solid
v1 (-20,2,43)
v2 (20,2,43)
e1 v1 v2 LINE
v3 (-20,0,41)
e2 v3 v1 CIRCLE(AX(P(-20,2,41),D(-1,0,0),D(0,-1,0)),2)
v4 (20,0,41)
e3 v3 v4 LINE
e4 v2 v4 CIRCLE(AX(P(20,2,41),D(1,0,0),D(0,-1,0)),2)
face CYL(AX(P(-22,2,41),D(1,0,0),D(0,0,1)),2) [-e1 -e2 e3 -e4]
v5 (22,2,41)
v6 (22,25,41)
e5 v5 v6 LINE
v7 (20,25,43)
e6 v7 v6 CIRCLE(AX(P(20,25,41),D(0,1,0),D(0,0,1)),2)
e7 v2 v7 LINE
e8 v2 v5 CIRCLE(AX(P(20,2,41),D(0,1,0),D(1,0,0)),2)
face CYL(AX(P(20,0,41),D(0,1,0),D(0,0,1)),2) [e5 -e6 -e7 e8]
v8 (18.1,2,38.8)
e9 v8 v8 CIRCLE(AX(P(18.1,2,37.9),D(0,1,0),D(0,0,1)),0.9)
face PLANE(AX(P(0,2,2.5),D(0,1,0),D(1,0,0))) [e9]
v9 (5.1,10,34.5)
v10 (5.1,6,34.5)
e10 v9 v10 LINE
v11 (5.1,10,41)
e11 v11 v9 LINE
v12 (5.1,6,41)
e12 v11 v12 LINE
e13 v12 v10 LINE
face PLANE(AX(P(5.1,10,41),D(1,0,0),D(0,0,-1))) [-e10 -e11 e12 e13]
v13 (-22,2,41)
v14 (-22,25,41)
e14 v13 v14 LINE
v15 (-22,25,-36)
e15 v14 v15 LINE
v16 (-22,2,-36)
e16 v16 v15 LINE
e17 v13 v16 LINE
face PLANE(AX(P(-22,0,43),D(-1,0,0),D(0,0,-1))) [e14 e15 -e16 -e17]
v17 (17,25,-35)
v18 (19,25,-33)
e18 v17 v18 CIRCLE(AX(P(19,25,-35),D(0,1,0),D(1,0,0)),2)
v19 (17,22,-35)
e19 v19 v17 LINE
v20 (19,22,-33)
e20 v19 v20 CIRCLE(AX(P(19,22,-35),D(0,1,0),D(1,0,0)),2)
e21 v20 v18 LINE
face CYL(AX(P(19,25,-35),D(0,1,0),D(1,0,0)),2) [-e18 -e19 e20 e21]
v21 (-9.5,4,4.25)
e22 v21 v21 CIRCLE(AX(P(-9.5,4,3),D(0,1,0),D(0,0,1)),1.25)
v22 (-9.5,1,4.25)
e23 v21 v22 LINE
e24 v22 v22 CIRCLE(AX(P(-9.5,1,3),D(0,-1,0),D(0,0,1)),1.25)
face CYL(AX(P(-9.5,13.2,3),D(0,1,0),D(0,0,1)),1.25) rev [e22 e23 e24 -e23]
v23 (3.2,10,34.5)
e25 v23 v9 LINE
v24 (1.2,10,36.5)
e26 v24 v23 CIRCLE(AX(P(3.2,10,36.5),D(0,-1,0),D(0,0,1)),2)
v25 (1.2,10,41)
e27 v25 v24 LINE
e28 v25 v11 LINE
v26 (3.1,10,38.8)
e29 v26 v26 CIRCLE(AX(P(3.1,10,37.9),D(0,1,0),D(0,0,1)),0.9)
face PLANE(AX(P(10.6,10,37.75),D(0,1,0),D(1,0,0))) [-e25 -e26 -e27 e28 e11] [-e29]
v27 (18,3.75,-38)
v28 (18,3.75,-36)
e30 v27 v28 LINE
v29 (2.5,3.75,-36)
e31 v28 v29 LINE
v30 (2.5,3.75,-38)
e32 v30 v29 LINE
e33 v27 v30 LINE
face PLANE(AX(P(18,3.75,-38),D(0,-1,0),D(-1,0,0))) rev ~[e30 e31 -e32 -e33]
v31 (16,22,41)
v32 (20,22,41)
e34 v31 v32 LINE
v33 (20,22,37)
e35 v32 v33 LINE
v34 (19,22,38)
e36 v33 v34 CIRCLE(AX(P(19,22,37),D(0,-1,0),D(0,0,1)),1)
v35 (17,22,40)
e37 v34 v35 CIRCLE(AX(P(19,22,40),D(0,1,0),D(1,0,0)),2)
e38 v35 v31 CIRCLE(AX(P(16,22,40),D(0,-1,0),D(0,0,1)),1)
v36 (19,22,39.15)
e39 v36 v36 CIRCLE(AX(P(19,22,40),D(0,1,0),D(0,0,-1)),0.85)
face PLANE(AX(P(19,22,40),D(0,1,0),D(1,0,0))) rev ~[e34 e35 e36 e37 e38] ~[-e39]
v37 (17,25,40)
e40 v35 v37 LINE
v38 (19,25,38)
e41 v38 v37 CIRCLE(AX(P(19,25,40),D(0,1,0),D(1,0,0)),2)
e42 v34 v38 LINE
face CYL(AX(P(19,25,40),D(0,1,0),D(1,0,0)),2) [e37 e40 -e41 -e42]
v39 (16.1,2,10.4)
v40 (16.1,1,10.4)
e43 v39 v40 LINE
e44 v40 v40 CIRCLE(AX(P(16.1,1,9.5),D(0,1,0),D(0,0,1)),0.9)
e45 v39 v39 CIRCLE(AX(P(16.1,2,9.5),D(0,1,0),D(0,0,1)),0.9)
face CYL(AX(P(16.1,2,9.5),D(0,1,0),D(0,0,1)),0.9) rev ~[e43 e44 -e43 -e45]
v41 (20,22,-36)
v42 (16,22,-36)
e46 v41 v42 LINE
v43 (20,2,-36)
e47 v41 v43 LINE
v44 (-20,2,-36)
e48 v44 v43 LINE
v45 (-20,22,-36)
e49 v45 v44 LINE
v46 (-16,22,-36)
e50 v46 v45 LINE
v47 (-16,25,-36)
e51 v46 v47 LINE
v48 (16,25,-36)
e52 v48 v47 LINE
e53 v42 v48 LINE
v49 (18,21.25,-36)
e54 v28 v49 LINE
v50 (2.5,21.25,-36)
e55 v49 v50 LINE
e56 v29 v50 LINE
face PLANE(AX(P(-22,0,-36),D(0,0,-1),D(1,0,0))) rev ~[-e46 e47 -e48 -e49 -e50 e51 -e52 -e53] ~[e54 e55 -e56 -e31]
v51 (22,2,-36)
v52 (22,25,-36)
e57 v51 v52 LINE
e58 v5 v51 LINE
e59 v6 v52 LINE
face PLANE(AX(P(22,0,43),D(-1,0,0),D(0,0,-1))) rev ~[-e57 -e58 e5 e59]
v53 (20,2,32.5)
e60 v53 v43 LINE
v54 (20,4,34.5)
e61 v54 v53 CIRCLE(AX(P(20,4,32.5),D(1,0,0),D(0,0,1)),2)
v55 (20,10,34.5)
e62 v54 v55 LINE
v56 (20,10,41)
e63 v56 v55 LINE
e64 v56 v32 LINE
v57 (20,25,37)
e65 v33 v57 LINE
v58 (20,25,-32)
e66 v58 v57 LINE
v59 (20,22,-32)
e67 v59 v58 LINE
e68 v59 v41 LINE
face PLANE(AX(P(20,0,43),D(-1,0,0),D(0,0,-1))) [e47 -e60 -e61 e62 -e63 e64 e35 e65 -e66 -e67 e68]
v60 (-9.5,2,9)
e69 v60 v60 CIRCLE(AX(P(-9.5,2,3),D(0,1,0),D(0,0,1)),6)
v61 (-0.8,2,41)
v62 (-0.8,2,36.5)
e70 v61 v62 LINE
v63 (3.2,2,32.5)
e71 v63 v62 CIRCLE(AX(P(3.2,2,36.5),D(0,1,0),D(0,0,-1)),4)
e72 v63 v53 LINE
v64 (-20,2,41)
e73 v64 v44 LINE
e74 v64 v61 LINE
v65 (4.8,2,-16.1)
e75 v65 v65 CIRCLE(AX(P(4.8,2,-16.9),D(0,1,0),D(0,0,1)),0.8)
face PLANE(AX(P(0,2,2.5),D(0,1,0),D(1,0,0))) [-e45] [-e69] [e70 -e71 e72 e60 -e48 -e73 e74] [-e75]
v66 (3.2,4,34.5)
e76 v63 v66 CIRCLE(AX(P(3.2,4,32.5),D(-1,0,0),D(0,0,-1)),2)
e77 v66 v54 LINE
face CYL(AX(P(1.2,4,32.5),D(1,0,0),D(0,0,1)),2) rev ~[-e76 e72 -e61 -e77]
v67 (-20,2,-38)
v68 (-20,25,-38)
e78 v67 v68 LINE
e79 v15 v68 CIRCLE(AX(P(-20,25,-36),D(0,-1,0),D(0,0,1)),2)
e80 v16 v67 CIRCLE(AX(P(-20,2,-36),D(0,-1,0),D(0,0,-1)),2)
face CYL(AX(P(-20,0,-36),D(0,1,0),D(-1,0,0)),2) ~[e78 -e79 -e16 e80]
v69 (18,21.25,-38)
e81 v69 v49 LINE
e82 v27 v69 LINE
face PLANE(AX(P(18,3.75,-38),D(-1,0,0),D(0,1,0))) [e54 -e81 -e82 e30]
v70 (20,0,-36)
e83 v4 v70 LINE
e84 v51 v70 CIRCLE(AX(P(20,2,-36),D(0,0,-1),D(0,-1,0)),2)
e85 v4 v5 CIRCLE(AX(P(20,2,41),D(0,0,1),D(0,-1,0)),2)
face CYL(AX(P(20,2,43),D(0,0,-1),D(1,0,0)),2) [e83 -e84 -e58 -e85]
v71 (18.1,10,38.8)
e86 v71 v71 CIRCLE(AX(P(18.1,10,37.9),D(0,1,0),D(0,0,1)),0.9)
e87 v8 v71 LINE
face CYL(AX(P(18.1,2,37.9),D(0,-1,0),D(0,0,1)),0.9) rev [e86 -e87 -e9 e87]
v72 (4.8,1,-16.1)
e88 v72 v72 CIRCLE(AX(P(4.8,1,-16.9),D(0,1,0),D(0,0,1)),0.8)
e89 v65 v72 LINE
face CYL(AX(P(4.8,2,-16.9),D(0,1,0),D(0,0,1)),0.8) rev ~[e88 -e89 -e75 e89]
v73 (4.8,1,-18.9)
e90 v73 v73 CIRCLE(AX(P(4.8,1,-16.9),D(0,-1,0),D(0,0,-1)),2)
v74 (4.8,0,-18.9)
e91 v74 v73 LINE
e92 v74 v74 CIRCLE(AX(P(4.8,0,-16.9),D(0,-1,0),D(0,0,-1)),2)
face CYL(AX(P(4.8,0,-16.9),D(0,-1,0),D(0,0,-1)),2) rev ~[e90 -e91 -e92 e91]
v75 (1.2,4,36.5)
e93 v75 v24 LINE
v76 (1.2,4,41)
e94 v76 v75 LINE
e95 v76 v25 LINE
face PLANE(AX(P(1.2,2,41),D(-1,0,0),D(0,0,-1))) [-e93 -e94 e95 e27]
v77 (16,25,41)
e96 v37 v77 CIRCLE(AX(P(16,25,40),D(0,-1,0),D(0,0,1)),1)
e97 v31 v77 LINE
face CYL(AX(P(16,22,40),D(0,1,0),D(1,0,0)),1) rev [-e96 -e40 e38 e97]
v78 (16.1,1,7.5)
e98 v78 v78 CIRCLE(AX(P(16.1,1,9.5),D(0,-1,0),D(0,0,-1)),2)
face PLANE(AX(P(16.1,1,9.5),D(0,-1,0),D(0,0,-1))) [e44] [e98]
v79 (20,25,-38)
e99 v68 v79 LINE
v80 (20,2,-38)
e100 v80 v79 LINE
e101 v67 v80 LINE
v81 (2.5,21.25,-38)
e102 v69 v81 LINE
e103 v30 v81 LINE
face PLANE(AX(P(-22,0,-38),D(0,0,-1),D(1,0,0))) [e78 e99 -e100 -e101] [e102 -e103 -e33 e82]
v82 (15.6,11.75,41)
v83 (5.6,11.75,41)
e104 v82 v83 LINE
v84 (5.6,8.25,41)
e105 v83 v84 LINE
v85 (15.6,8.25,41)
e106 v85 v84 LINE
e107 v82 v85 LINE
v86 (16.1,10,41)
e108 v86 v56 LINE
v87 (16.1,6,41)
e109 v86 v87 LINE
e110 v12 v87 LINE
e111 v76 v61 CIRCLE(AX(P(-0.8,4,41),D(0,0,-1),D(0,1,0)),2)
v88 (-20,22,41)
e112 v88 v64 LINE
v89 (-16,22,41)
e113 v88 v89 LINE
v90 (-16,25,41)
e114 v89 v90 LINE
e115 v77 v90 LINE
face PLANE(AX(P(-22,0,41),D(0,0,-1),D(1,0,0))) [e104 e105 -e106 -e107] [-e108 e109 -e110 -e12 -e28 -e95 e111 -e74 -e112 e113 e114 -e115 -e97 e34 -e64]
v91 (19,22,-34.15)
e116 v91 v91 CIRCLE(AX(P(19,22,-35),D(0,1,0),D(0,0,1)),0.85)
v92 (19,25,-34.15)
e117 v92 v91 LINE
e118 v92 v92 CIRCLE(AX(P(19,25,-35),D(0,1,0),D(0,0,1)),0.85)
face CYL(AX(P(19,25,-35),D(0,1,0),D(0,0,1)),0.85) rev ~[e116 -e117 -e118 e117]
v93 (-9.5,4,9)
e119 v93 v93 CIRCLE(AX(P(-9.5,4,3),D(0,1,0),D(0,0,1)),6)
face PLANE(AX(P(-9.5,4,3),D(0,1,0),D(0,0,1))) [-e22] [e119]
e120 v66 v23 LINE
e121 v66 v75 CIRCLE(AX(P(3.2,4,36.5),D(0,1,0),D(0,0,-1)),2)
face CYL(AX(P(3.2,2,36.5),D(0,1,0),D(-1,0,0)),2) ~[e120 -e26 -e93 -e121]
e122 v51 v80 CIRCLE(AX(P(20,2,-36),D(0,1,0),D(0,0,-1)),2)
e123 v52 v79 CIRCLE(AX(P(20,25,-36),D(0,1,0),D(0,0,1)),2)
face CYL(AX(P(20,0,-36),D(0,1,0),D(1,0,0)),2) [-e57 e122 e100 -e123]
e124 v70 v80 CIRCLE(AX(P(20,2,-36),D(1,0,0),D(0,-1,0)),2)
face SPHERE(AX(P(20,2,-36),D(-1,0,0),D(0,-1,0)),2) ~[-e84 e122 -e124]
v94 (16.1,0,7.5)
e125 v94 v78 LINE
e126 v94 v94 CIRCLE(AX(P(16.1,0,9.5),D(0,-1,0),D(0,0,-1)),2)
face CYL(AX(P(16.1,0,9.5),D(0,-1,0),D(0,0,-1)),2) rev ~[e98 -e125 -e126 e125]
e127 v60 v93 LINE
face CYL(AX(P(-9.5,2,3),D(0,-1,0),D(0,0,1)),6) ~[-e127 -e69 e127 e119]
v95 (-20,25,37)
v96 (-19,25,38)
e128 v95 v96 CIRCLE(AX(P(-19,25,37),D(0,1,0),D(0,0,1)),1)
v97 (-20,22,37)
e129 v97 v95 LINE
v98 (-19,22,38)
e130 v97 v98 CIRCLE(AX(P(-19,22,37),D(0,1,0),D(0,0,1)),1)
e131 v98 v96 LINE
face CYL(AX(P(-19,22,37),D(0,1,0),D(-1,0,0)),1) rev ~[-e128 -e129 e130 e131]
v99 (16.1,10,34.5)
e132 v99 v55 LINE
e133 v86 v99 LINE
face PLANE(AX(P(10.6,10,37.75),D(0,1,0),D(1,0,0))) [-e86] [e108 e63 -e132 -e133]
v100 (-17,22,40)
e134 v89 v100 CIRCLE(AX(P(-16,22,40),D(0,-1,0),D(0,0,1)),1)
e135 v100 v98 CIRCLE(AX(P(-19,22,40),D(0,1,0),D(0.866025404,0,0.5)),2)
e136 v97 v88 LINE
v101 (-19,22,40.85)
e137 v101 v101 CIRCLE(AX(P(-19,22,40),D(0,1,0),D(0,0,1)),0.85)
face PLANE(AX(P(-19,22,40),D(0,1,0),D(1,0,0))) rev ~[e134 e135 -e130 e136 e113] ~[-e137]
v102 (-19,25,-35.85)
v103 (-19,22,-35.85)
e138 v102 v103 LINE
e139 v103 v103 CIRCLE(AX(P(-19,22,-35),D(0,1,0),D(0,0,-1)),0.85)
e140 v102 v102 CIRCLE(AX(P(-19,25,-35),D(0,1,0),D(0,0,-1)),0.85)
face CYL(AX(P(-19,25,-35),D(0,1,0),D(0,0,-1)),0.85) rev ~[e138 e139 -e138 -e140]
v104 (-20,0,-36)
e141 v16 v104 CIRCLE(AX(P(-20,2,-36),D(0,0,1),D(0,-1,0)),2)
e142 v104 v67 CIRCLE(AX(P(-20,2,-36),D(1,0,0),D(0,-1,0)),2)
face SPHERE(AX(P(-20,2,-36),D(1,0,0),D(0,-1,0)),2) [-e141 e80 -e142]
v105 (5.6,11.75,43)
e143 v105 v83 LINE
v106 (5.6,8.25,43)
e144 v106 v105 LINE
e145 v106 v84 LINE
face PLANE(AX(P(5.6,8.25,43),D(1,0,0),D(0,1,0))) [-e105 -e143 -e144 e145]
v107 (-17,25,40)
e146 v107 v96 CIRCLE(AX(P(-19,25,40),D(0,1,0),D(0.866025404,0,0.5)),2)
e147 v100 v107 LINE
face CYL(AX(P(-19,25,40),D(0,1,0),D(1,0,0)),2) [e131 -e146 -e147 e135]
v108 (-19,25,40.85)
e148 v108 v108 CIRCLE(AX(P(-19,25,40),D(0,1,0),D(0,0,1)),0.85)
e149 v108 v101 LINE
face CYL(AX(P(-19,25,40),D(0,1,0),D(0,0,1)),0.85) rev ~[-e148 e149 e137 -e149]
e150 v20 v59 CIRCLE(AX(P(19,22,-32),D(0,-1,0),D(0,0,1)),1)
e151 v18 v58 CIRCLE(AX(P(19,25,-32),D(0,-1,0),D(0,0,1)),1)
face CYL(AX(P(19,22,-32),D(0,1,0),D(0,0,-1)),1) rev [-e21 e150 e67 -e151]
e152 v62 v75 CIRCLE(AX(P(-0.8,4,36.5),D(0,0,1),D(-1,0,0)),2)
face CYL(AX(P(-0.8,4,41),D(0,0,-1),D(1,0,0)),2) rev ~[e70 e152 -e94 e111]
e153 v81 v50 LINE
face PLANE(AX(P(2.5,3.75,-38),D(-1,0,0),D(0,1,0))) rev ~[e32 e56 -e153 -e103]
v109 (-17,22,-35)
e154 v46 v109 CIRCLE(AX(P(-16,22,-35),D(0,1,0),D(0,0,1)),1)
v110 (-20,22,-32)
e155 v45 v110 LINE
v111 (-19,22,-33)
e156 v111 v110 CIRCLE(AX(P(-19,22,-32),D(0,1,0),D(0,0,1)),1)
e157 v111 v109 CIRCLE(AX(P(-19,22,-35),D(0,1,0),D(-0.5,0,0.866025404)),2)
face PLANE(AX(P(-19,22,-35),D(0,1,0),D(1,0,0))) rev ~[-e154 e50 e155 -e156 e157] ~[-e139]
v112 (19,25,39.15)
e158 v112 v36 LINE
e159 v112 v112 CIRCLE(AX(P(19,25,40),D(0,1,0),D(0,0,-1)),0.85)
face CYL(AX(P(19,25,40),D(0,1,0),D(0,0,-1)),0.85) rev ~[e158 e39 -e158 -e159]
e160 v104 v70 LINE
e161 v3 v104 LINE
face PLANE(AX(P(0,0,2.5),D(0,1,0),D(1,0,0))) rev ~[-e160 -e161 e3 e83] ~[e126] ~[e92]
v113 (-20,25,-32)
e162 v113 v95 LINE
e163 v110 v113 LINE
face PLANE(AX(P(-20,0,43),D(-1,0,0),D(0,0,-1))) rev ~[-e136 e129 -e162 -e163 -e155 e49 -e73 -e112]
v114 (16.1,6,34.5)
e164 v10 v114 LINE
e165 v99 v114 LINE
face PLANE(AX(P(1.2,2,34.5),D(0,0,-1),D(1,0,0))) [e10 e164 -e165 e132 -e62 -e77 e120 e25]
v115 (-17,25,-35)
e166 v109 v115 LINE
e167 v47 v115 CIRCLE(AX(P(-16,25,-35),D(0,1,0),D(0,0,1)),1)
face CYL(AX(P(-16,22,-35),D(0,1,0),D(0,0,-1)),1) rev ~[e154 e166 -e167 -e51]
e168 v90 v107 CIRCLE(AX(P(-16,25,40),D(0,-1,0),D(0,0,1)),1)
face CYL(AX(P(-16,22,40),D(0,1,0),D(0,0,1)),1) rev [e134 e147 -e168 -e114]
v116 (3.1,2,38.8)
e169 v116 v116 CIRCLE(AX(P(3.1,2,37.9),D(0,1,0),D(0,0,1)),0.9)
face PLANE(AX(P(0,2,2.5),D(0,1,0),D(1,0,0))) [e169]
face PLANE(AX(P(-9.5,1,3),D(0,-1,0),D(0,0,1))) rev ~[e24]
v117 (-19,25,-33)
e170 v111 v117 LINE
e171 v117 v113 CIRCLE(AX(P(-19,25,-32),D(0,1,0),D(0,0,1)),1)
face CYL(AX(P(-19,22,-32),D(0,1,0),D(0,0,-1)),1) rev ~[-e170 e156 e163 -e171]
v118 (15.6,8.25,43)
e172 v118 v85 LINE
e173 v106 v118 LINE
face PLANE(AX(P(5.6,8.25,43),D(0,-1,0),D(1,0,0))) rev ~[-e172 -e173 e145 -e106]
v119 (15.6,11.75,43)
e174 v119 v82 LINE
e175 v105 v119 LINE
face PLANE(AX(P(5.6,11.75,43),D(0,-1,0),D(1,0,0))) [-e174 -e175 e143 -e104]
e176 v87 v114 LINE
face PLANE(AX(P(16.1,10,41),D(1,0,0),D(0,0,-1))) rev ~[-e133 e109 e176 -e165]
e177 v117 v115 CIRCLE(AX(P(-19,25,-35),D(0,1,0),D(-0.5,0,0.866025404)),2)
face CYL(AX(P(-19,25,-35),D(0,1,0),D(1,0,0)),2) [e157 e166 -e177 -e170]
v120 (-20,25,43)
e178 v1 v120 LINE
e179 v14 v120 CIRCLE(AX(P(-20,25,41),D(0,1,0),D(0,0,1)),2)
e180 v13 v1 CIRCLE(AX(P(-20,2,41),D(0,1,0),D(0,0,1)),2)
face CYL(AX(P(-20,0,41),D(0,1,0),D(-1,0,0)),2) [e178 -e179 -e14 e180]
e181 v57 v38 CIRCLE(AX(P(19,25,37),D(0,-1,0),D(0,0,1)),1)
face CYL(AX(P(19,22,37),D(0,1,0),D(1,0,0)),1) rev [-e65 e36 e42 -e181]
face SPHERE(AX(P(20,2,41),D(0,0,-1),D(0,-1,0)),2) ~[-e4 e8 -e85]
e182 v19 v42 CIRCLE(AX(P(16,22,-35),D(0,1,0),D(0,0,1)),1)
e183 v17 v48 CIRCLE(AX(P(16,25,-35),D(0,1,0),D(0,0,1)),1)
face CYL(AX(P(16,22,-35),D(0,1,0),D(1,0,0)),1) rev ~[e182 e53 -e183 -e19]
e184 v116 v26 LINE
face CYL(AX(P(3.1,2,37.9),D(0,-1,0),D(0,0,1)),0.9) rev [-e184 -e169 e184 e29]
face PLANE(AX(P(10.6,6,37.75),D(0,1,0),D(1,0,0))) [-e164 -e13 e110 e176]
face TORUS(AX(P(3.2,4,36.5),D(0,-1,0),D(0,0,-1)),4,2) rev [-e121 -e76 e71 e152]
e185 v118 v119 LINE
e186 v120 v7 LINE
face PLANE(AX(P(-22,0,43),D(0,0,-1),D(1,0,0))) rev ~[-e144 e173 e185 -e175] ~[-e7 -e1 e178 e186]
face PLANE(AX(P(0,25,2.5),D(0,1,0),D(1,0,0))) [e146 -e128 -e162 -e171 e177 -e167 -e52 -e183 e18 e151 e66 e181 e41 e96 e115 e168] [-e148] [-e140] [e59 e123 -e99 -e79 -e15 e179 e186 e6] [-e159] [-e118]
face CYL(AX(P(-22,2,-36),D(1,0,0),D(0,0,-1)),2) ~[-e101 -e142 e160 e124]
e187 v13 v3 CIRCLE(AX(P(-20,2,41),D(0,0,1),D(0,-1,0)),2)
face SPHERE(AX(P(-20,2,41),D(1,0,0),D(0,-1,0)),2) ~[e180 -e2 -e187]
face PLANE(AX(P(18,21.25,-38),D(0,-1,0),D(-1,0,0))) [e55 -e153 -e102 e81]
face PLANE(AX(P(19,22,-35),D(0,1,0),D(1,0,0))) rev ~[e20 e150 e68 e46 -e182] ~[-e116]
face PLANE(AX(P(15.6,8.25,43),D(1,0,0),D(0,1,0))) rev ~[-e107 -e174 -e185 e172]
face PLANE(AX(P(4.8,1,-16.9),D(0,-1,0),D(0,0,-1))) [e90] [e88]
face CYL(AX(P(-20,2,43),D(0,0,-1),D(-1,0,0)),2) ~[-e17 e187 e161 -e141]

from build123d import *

# Parameters (mm, degrees)
SKETCH_1_W           = 44
SKETCH_1_H           = 81
EXTRUDE_1_DEPTH      = 25
SHELL_1_T            = -2
FILLET_1_R           = 2
SKETCH_2_R           = 0.8
SKETCH_2_R_2         = 0.9
CUT_EXTRUDE_1_DEPTH  = 24
SKETCH_3_R           = 1.25
CUT_EXTRUDE_2_DEPTH  = 24
SKETCH_4_R           = 6
EXTRUDE_2_DEPTH      = 2
CUT_EXTRUDE_START    = -13.2
SKETCH_6_R           = 1.25
CUT_EXTRUDE_4_DEPTH  = 13.2
SKETCH_7_W           = 15.5
SKETCH_7_H           = 17.5
CUT_EXTRUDE_5_DEPTH  = 13.2
SKETCH_9_W           = 18.8
SKETCH_9_H           = 6.5
SKETCH_9_R           = 0.9
EXTRUDE_3_DEPTH      = 8
SKETCH_11_W          = 11
SKETCH_11_H          = 6.5
CUT_EXTRUDE_6_DEPTH  = 4
SKETCH_12_W          = 10
SKETCH_12_H          = 3.5
CUT_EXTRUDE_7_DEPTH  = 4
FILLET_2_R           = 2
EXTRUDE_START        = -1
SKETCH_14_R          = 1.25
EXTRUDE_4_DEPTH      = 1
SKETCH_15_R          = 2
CUT_EXTRUDE_8_DEPTH  = 1
SKETCH_17_R          = 2
EXTRUDE_5_DEPTH      = 3
SKETCH_18_R          = 0.85
CUT_EXTRUDE_10_DEPTH = 3
FILLET_4_R           = 1


with BuildPart() as part:
    # 草图1 → 凸台-拉伸1 (new body)
    with BuildSketch(Plane(origin=(0, 0, 0), x_dir=(1, 0, 0), z_dir=(0, 1, 0))):
        with Locations((0, -2.5)):
            Rectangle(SKETCH_1_W, SKETCH_1_H)
    extrude(amount=EXTRUDE_1_DEPTH)

    # 抽壳1
    shell_1_openings = [part.faces().sort_by_distance(p)[0] for p in [
        (0, 25, 2.5),
    ]]
    offset(amount=SHELL_1_T, openings=shell_1_openings, kind=Kind.INTERSECTION)

    # 圆角1
    fillet_1_edges = [part.edges().sort_by_distance(p)[0] for p in [
        (0, 0, -38),
        (22, 0, 2.5),
        (0, 0, 43),
        (-22, 0, 2.5),
        (-22, 12.5, -38),
        (22, 12.5, -38),
        (22, 12.5, 43),
        (-22, 12.5, 43),
    ]]
    fillet(fillet_1_edges, radius=FILLET_1_R)

    # 草图2 → 切除-拉伸1 (cut)
    with BuildSketch(Plane(origin=(0, 2, 0), x_dir=(1, 0, 0), z_dir=(0, 1, 0))):
        with Locations(Location((4.8, 16.9, 0), (0, 0, 270))):
            Circle(SKETCH_2_R)
        with Locations(Location((16.1, -9.5, 0), (0, 0, 270))):
            Circle(SKETCH_2_R_2)
    extrude(amount=-CUT_EXTRUDE_1_DEPTH, mode=Mode.SUBTRACT)

    # 草图3 → 切除-拉伸2 (cut)
    with BuildSketch(Plane(origin=(0, 2, 0), x_dir=(1, 0, 0), z_dir=(0, 1, 0))):
        with Locations(Location((-9.5, -3, 0), (0, 0, 270))):
            Circle(SKETCH_3_R)
    extrude(amount=-CUT_EXTRUDE_2_DEPTH, mode=Mode.SUBTRACT)

    # 草图4 → 凸台-拉伸2 (add)
    with BuildSketch(Plane(origin=(0, 2, 0), x_dir=(1, 0, 0), z_dir=(0, 1, 0))):
        with Locations(Location((-9.5, -3, 0), (0, 0, 270))):
            Circle(SKETCH_4_R)
    extrude(amount=EXTRUDE_2_DEPTH)

    # 草图6 → 切除-拉伸4 (cut)
    with BuildSketch(Plane.XZ.offset(CUT_EXTRUDE_START)):
        with Locations(Location((-9.5, 3, 0), (0, 0, 90))):
            Circle(SKETCH_6_R)
    extrude(amount=CUT_EXTRUDE_4_DEPTH, mode=Mode.SUBTRACT)

    # 草图7 → 切除-拉伸5 (cut)
    with BuildSketch(Plane(origin=(0, 0, -38), x_dir=(-1, 0, 0), z_dir=(0, 0, -1))):
        with Locations((-10.25, 12.5)):
            Rectangle(SKETCH_7_W, SKETCH_7_H)
    extrude(amount=-CUT_EXTRUDE_5_DEPTH, mode=Mode.SUBTRACT)

    # 草图9 → 凸台-拉伸3 (add)
    with BuildSketch(Plane(origin=(0, 2, 0), x_dir=(1, 0, 0), z_dir=(0, 1, 0))):
        with Locations((10.6, -37.75)):
            Rectangle(SKETCH_9_W, SKETCH_9_H)
        with Locations(Location((18.1, -37.9, 0), (0, 0, 270))):
            Circle(SKETCH_9_R, mode=Mode.SUBTRACT)
        with Locations(Location((3.1, -37.9, 0), (0, 0, 270))):
            Circle(SKETCH_9_R, mode=Mode.SUBTRACT)
    extrude(amount=EXTRUDE_3_DEPTH)

    # 草图11 → 切除-拉伸6 (cut)
    with BuildSketch(Plane(origin=(0, 10, 0), x_dir=(1, 0, 0), z_dir=(0, 1, 0))):
        with Locations((10.6, -37.75)):
            Rectangle(SKETCH_11_W, SKETCH_11_H)
    extrude(amount=-CUT_EXTRUDE_6_DEPTH, mode=Mode.SUBTRACT)

    # 草图12 → 切除-拉伸7 (cut)
    with BuildSketch(Plane.XY.offset(43)):
        with Locations((10.6, 10)):
            Rectangle(SKETCH_12_W, SKETCH_12_H)
    extrude(amount=-CUT_EXTRUDE_7_DEPTH, mode=Mode.SUBTRACT)

    # 圆角2
    fillet_2_edges = [part.edges().sort_by_distance(p)[0] for p in [
        (10.6, 2, 34.5),
        (1.2, 2, 37.75),
        (1.2, 6, 34.5),
    ]]
    fillet(fillet_2_edges, radius=FILLET_2_R)

    # 草图14 → 凸台-拉伸4 (add)
    with BuildSketch(Plane.XZ.offset(EXTRUDE_START)):
        with Locations(Location((-9.5, 3, 0), (0, 0, 90))):
            Circle(SKETCH_14_R)
    extrude(amount=EXTRUDE_4_DEPTH)

    # 草图15 → 切除-拉伸8 (cut)
    with BuildSketch(Plane.XZ):
        with Locations(Location((16.1, 9.5, 0), (0, 0, 270))):
            Circle(SKETCH_15_R)
        with Locations(Location((4.8, -16.9, 0), (0, 0, 270))):
            Circle(SKETCH_15_R)
    extrude(amount=-CUT_EXTRUDE_8_DEPTH, mode=Mode.SUBTRACT)

    # 草图17 → 凸台-拉伸5 (add)
    with BuildSketch(Plane(origin=(0, 25, 0), x_dir=(1, 0, 0), z_dir=(0, 1, 0))):
        with Locations((19, 35)):
            Circle(SKETCH_17_R)
        with Locations((-19, 35)):
            Circle(SKETCH_17_R)
        with Locations((-19, -40)):
            Circle(SKETCH_17_R)
        with Locations((19, -40)):
            Circle(SKETCH_17_R)
    extrude(amount=-EXTRUDE_5_DEPTH)

    # 草图18 → 切除-拉伸10 (cut)
    with BuildSketch(Plane(origin=(0, 25, 0), x_dir=(1, 0, 0), z_dir=(0, 1, 0))):
        with Locations(Location((19, 35, 0), (0, 0, 270))):
            Circle(SKETCH_18_R)
        with Locations(Location((-19, 35, 0), (0, 0, 90))):
            Circle(SKETCH_18_R)
        with Locations(Location((-19, -40, 0), (0, 0, 270))):
            Circle(SKETCH_18_R)
        with Locations(Location((19, -40, 0), (0, 0, 90))):
            Circle(SKETCH_18_R)
    extrude(amount=-CUT_EXTRUDE_10_DEPTH, mode=Mode.SUBTRACT)

    # 圆角4
    fillet_4_edges = [part.edges().sort_by_distance(p)[0] for p in [
        (17.267949192, 23.5, -36),
        (20, 23.5, -33.267949192),
        (-17.267949192, 23.5, -36),
        (-20, 23.5, -33.267949192),
        (-20, 23.5, 38.267949192),
        (-17.267949192, 23.5, 41),
        (17.267949192, 23.5, 41),
        (20, 23.5, 38.267949192),
    ]]
    fillet(fillet_4_edges, radius=FILLET_4_R)


solid = part.part
